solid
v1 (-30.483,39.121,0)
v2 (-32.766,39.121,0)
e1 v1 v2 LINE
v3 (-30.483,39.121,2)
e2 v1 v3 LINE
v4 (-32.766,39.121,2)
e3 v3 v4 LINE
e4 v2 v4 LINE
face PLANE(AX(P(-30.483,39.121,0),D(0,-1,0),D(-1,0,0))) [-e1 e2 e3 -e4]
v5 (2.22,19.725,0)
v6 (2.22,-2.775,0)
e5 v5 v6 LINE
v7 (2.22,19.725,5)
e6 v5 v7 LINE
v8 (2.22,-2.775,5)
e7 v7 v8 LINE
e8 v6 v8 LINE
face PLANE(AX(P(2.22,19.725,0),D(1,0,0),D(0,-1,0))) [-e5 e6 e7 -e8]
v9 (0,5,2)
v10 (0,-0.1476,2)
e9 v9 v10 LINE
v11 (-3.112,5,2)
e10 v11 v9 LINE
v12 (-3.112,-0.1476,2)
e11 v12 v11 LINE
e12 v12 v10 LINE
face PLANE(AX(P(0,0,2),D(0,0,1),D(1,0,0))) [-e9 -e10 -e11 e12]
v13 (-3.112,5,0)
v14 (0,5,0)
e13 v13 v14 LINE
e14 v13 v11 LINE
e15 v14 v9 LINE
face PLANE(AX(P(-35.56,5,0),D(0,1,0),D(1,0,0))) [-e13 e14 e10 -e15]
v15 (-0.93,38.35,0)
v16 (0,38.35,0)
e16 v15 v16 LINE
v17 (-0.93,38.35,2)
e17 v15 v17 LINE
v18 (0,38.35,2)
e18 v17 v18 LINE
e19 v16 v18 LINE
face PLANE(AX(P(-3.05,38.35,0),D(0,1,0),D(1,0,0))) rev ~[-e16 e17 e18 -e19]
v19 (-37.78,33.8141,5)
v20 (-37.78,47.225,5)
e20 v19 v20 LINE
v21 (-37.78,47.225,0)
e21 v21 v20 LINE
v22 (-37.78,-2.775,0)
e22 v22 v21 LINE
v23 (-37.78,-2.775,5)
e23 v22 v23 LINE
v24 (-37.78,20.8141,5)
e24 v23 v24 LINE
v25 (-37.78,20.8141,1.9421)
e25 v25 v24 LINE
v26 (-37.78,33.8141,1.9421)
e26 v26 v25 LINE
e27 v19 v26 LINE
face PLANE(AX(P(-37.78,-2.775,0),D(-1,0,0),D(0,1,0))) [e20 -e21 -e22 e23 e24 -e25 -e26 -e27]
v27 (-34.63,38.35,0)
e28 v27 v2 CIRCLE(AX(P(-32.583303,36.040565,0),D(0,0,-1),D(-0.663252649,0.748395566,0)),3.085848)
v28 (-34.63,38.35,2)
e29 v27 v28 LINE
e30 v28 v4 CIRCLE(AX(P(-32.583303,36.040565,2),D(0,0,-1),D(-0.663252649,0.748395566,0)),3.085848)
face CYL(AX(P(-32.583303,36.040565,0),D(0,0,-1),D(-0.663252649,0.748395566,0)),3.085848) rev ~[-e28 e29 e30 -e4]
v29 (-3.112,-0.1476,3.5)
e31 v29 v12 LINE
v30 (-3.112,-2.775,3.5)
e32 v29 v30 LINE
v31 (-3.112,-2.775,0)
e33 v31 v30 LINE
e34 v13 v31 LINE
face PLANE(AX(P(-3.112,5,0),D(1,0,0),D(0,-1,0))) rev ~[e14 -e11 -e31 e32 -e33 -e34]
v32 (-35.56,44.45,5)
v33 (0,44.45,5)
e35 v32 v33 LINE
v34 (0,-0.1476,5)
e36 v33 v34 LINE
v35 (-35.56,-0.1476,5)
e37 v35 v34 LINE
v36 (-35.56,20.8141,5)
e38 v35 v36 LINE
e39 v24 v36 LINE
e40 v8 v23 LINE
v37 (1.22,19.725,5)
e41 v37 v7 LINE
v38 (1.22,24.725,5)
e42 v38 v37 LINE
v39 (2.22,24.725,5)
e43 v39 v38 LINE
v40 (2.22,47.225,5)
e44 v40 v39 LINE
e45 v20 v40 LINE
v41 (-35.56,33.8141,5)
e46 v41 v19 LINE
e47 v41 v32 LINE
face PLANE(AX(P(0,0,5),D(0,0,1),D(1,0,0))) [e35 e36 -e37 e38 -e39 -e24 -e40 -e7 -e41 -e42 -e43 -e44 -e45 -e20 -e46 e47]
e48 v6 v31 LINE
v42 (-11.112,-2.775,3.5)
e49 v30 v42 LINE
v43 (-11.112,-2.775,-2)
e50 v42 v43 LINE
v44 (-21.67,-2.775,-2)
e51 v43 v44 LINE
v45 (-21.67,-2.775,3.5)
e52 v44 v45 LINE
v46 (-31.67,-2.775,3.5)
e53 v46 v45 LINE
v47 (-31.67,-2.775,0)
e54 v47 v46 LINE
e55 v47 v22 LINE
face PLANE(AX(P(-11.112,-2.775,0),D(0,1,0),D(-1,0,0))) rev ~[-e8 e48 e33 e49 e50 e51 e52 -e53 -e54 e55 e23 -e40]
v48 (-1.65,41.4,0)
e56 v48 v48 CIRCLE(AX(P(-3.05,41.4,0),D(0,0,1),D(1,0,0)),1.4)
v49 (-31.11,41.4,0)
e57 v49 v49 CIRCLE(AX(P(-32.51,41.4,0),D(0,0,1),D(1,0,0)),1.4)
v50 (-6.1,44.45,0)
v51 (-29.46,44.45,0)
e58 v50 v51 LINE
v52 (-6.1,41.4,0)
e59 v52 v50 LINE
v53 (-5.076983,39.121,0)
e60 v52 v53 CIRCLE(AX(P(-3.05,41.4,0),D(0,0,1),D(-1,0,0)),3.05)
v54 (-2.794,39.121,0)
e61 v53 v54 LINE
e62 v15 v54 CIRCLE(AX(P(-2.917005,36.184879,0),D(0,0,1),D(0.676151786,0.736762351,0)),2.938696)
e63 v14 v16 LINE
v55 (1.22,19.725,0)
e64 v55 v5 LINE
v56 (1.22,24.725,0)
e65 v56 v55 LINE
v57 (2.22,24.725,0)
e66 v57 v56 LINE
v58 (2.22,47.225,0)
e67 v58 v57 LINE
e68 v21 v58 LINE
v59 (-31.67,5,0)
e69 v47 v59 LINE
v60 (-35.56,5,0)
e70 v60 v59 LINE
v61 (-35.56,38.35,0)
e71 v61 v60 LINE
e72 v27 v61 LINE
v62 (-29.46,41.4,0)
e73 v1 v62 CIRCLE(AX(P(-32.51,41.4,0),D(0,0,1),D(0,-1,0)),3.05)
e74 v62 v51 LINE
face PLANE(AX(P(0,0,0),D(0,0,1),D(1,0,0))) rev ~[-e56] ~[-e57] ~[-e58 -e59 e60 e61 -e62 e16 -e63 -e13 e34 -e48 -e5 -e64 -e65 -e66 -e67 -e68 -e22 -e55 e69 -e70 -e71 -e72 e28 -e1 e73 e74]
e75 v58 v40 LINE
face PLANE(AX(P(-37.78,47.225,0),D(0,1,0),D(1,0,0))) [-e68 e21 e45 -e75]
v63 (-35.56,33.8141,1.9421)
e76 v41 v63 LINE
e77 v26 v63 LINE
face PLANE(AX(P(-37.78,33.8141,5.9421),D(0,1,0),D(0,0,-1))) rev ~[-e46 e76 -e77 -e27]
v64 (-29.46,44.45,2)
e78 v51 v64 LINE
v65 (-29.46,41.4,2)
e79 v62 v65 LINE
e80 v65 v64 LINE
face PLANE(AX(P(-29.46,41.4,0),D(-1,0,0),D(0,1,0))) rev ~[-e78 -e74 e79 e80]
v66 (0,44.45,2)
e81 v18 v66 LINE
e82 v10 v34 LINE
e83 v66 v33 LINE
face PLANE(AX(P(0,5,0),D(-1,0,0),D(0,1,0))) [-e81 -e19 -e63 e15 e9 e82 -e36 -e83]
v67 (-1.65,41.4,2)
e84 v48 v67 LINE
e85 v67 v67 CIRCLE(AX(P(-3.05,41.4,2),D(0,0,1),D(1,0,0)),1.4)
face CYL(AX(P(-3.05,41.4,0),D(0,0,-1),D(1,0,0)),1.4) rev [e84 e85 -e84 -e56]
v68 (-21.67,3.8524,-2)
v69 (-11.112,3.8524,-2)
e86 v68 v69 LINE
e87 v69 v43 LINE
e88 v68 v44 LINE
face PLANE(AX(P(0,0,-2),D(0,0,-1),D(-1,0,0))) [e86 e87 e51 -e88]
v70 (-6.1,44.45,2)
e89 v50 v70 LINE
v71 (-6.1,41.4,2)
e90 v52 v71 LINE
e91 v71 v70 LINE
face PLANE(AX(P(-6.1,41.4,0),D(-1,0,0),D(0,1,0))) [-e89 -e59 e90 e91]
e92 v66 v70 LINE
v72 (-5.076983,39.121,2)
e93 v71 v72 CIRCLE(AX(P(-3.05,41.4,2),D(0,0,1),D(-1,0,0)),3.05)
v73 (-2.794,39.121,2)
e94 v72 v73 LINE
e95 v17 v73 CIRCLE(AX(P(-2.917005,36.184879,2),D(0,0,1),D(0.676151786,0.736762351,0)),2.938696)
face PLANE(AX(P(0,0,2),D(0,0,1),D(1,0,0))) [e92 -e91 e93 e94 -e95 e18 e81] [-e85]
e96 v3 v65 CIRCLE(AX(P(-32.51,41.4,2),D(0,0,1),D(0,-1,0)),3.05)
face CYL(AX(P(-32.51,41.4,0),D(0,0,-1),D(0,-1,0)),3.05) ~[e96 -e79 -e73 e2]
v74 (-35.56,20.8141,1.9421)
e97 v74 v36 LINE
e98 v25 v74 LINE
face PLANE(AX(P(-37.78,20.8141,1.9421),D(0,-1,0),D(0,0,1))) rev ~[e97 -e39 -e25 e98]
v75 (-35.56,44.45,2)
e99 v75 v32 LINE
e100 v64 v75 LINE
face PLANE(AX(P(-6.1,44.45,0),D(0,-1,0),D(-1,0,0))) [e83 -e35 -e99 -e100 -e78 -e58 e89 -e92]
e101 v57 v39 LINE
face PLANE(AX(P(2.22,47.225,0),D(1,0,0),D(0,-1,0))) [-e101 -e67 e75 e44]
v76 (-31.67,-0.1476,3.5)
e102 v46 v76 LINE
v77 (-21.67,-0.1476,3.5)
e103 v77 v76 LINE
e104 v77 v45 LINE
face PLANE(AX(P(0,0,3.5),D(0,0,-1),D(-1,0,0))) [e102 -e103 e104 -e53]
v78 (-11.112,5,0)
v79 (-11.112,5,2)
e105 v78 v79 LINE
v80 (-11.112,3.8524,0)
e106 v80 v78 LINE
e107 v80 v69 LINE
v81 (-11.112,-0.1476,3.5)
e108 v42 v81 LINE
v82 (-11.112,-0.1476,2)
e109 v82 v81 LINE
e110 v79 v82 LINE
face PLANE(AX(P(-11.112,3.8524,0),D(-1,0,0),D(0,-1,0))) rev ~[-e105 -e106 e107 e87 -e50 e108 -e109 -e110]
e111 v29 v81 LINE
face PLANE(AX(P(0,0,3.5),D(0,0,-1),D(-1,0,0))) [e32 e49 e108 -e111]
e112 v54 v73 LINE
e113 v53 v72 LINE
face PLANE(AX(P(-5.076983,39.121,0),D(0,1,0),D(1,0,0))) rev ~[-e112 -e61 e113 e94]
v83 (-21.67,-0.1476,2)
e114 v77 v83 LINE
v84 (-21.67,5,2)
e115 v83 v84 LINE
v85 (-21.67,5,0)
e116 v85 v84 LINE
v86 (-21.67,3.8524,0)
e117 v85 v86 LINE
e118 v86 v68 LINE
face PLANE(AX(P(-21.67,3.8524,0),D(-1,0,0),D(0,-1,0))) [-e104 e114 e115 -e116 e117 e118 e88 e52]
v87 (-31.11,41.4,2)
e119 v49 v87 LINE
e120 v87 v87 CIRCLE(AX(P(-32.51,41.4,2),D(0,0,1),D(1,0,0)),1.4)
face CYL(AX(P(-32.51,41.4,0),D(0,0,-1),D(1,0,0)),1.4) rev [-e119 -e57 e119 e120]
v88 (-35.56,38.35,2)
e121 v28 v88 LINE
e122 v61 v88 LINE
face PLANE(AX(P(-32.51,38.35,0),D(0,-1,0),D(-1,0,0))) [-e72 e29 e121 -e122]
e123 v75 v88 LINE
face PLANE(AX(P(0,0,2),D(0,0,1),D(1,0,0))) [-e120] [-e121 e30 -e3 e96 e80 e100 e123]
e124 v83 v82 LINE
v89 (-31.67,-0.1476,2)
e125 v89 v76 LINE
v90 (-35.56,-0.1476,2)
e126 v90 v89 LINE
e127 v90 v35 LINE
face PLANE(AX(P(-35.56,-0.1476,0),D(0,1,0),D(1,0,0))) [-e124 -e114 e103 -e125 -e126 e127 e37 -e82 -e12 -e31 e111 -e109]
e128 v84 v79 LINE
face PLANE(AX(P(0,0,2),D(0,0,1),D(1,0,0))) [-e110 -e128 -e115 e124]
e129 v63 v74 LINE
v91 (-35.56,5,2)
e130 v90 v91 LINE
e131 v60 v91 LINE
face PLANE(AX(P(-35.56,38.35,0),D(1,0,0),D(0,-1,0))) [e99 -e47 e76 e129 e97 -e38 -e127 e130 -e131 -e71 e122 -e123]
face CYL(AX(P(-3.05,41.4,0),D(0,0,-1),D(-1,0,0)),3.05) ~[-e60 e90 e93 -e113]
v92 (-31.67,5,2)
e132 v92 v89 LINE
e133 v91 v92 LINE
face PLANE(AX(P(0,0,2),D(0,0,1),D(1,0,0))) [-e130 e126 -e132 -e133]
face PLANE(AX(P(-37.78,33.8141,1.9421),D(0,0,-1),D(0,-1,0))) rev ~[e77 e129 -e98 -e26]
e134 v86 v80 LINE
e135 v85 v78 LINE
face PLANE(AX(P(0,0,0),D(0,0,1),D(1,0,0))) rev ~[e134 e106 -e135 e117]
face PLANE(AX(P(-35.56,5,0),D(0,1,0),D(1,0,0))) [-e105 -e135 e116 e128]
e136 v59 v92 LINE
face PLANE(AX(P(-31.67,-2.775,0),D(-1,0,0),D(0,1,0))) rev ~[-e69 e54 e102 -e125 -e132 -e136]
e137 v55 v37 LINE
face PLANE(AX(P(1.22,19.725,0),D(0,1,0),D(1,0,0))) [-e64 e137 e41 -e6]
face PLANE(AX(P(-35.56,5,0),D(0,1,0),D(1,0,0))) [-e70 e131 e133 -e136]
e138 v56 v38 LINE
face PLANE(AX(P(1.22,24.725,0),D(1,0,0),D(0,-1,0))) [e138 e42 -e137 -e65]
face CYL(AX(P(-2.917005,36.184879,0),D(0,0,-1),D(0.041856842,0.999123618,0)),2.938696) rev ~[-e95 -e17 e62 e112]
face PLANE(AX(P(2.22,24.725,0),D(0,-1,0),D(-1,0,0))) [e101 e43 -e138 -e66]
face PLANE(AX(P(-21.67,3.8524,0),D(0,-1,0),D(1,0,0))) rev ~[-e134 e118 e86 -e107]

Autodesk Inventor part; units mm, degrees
ref_plane "YZ Plane" through (0, 0, 0) normal (1, 0, 0) x (0, 1, 0)
ref_plane "XZ Plane" through (0, 0, 0) normal (0, 1, 0) x (-1, 0, 0)
ref_plane "XY Plane" through (0, 0, 0) normal (0, 0, 1) x (1, 0, 0)
sketch "Sketch1" plane through (0, 0, 0) normal (0, 0, 1) x (1, 0, 0)
  line L0 (-35.56, 38.35) -> (-35.56, 5)
  line L1 (0, 5) -> (0, 38.35)
  line L2 (-37.78, 47.225) -> (2.22, 47.225)
  line L3 (2.22, -2.775) -> (-37.78, -2.775)
  line L4 (-37.78, -2.775) -> (-37.78, 47.225)
  line L5 (1.22, 24.725) -> (1.22, 19.725)
  line L6 (1.22, 19.725) -> (2.22, 19.725)
  line L7 (2.22, 24.725) -> (1.22, 24.725)
  line L8 (2.22, 47.225) -> (2.22, 24.725)
  line L9 (2.22, 19.725) -> (2.22, -2.775)
  circle A0 centre (-3.05, 41.4) radius 1.4
  circle A1 centre (-32.51, 41.4) radius 1.4
  arc A2 (-6.1, 41.4) -> (-3.05, 38.35) centre (-3.05, 41.4) ccw
  line L10 (-6.1, 41.4) -> (-6.1, 44.45)
  line L11 (-3.05, 38.35) -> (0, 38.35)
  arc A3 (-32.51, 38.35) -> (-29.46, 41.4) centre (-32.51, 41.4) ccw
  line L12 (-29.46, 41.4) -> (-29.46, 44.45)
  line L13 (-32.51, 38.35) -> (-35.56, 38.35)
  line L14 (-6.1, 44.45) -> (-29.46, 44.45)
  line L15 (-35.56, 5) -> (0, 5)
  line L16 (0, 38.35) -> (0, 44.45)
  line L17 (0, 44.45) -> (-6.1, 44.45)
  line L18 (-29.46, 44.45) -> (-35.56, 44.45)
  line L19 (-35.56, 44.45) -> (-35.56, 38.35)
  line L20 (0, 5) -> (-35.56, 5)
  line L21 (-35.56, 5) -> (-35.56, -0.1476)
  line L22 (-35.56, -0.1476) -> (0, -0.1476)
  line L23 (0, -0.1476) -> (0, 5)
  point P0 (-17.78, 22.225)
  dimension "d0" = 40
  dimension "d1" = 50
  dimension "d2" = 5
  dimension "d4" = 1
  dimension "d6" = 7.775
  dimension "d8" = 3.05
  dimension "d9" = 2.8
extrude "Extrusion1" add sketch "Sketch1" along normal blind 5 contours L2 L8 L7 L5 L6 L9 L3 L4
ref_plane "Work Plane1" through (0, 0, 0) normal (0, 0, 1) x (1, 0, 0)
sketch "Sketch2" plane through (0, 0, 0) normal (0, 0, 1) x (1, 0, 0)
  line L0 (-35.56, 38.35) -> (-35.56, 5)
  line L1 (0, 5) -> (0, 38.35)
  line L2 (-37.78, 47.225) -> (2.22, 47.225)
  line L3 (2.22, -2.775) -> (-37.78, -2.775)
  line L4 (-37.78, -2.775) -> (-37.78, 47.225)
  line L5 (1.22, 24.725) -> (1.22, 19.725)
  line L6 (1.22, 19.725) -> (2.22, 19.725)
  line L7 (2.22, 24.725) -> (1.22, 24.725)
  line L8 (2.22, 47.225) -> (2.22, 24.725)
  line L9 (2.22, 19.725) -> (2.22, -2.775)
  circle A0 centre (-3.05, 41.4) radius 1.4
  circle A1 centre (-32.51, 41.4) radius 1.4
  arc A2 (-6.1, 41.4) -> (-3.05, 38.35) centre (-3.05, 41.4) ccw
  line L10 (-6.1, 41.4) -> (-6.1, 44.45)
  line L11 (-3.05, 38.35) -> (0, 38.35)
  arc A3 (-32.51, 38.35) -> (-29.46, 41.4) centre (-32.51, 41.4) ccw
  line L12 (-29.46, 41.4) -> (-29.46, 44.45)
  line L13 (-32.51, 38.35) -> (-35.56, 38.35)
  line L14 (-6.1, 44.45) -> (-29.46, 44.45)
  line L15 (-35.56, 5) -> (0, 5)
  line L16 (0, 38.35) -> (0, 44.45)
  line L17 (0, 44.45) -> (-6.1, 44.45)
  line L18 (-29.46, 44.45) -> (-35.56, 44.45)
  line L19 (-35.56, 44.45) -> (-35.56, 38.35)
  line L20 (0, 5) -> (-35.56, 5)
  line L21 (-35.56, 5) -> (-35.56, -0.2)
  line L22 (-35.56, -0.2) -> (0, -0.2)
  line L23 (0, -0.2) -> (0, 5)
  line L24 (-35.56, -0.1476) -> (0, -0.1476) projected
  point P0 (0, 0)
  point P1 (-17.78, 22.225)
  dimension "d12" = 40
  dimension "d13" = 50
  dimension "d14" = 5
  dimension "d15" = 1
  dimension "d16" = 7.775
  dimension "d17" = 3.05
  dimension "d18" = 2.8
  dimension "d27" = 5.2
extrude "Extrusion2" add sketch "Sketch2" along normal blind 2 contours L19 L18 L12 A3 L13 | L15 L23 L24 L21 | L24 L23 L22 L21 | L11 A2 L10 L17 L16
sketch "Sketch3" plane through (-37.78, -2.775, 0) normal (-1, 0, 0) x (0, 0, 1)
  line L0 (5.9421, 36.5891) -> (1.9421, 36.5891)
  line L1 (1.9421, 36.5891) -> (1.9421, 23.5891)
  line L2 (1.9421, 23.5891) -> (5.9421, 23.5891)
  line L3 (5.9421, 23.5891) -> (5.9421, 36.5891)
  point P0 (0, 2.775)
  dimension "d21" = 4
  dimension "d22" = 13
extrude "Extrusion3" cut sketch "Sketch3" against normal up to surface (2.22 mm away)
sketch "Sketch4" plane through (0, 0, 0) normal (0, 0, -1) x (-1, 0, 0)
  line L0 (9.525, 39.121) -> (2.794, 39.121) projected
  line L1 (2.794, 39.121) -> (2.0566, 39.0072) projected
  line L2 (2.0566, 39.0072) -> (1.3738, 38.7064) projected
  arc A0 (29.46, 41.4) -> (32.51, 38.35) centre (32.51, 41.4) ccw projected
  line L3 (30.483, 39.121) -> (32.766, 39.121)
  line L4 (35.56, 38.35) -> (32.51, 38.35) projected
  arc A1 (34.63, 38.35) -> (32.766, 39.121) centre (32.5832, 36.0404) ccw
  line L5 (34.63, 38.35) -> (32.51, 38.35)
  arc A2 (30.483, 39.121) -> (32.51, 38.35) centre (32.51, 41.4) ccw
  arc A3 (3.05, 38.35) -> (6.1, 41.4) centre (3.05, 41.4) ccw projected
  arc A4 (3.05, 38.35) -> (5.1075, 39.121) centre (3.078, 41.4062) ccw
  arc A5 (2.794, 39.121) -> (0.93, 38.35) centre (2.917, 36.1849) ccw
  line L6 (5.1075, 39.121) -> (2.794, 39.121)
  line L7 (3.05, 38.35) -> (0.93, 38.35)
  point P0 (0, 0)
extrude "Extrusion4" cut sketch "Sketch4" against normal blind 2 contours A4 A3 L0 | A3 L7 A5 L2 L1 L0 | L1 A5 | A5 L2 | L3 A1 L4 A0
sketch "Sketch5" plane through (0, 0, 0) normal (0, 0, -1) x (-1, 0, 0)
  line L0 (26.712, -2.7097) -> (26.628, -2.7097)
  line L1 (0, 5) -> (35.56, 5) projected
  line L2 (4.162, 5) -> (10.062, 5)
  line L3 (31.67, -2.775) -> (31.67, 5)
  line L4 (31.67, 5) -> (21.67, 5)
  line L5 (21.67, 5) -> (21.67, -2.775)
  line L6 (11.112, -2.775) -> (11.112, 5)
  line L7 (11.112, 5) -> (3.112, 5)
  line L8 (3.112, 5) -> (3.112, -2.775)
  line L9 (31.67, -2.775) -> (21.67, -2.775)
  line L10 (-2.22, -2.775) -> (37.78, -2.775) projected
  line L11 (11.112, -2.775) -> (3.112, -2.775)
  point P0 (0, 0)
  point P1 (26.67, -2.775)
  point P2 (7.112, -2.775)
extrude "Extrusion5" cut sketch "Sketch5" against normal blind 3.5 contours L1 L6 L10 L8 | L5 L1 L3 L9
sketch "Sketch6" plane through (0, 0, 0) normal (0, 0, -1) x (-1, 0, 0)
  line L0 (45.4266, 18.5636) -> (67.4266, 18.5636) projected
  line L1 (45.4266, -1.4364) -> (45.4266, 18.5636) projected
  line L2 (21.67, 3.8524) -> (21.67, -0.1476)
  line L3 (11.112, 3.8524) -> (11.112, -2.775)
  line L4 (11.112, -2.775) -> (21.67, -2.775)
  line L5 (21.67, -2.775) -> (21.67, 3.8524)
  line L6 (21.67, 3.8524) -> (11.112, 3.8524)
  line L7 (21.67, -2.775) -> (21.67, 5) projected
  point P0 (0, 0)
  dimension "d37" = 22
  dimension "d38" = 20
extrude "Extrusion6" add sketch "Sketch6" along normal blind 2 from surface at 0
